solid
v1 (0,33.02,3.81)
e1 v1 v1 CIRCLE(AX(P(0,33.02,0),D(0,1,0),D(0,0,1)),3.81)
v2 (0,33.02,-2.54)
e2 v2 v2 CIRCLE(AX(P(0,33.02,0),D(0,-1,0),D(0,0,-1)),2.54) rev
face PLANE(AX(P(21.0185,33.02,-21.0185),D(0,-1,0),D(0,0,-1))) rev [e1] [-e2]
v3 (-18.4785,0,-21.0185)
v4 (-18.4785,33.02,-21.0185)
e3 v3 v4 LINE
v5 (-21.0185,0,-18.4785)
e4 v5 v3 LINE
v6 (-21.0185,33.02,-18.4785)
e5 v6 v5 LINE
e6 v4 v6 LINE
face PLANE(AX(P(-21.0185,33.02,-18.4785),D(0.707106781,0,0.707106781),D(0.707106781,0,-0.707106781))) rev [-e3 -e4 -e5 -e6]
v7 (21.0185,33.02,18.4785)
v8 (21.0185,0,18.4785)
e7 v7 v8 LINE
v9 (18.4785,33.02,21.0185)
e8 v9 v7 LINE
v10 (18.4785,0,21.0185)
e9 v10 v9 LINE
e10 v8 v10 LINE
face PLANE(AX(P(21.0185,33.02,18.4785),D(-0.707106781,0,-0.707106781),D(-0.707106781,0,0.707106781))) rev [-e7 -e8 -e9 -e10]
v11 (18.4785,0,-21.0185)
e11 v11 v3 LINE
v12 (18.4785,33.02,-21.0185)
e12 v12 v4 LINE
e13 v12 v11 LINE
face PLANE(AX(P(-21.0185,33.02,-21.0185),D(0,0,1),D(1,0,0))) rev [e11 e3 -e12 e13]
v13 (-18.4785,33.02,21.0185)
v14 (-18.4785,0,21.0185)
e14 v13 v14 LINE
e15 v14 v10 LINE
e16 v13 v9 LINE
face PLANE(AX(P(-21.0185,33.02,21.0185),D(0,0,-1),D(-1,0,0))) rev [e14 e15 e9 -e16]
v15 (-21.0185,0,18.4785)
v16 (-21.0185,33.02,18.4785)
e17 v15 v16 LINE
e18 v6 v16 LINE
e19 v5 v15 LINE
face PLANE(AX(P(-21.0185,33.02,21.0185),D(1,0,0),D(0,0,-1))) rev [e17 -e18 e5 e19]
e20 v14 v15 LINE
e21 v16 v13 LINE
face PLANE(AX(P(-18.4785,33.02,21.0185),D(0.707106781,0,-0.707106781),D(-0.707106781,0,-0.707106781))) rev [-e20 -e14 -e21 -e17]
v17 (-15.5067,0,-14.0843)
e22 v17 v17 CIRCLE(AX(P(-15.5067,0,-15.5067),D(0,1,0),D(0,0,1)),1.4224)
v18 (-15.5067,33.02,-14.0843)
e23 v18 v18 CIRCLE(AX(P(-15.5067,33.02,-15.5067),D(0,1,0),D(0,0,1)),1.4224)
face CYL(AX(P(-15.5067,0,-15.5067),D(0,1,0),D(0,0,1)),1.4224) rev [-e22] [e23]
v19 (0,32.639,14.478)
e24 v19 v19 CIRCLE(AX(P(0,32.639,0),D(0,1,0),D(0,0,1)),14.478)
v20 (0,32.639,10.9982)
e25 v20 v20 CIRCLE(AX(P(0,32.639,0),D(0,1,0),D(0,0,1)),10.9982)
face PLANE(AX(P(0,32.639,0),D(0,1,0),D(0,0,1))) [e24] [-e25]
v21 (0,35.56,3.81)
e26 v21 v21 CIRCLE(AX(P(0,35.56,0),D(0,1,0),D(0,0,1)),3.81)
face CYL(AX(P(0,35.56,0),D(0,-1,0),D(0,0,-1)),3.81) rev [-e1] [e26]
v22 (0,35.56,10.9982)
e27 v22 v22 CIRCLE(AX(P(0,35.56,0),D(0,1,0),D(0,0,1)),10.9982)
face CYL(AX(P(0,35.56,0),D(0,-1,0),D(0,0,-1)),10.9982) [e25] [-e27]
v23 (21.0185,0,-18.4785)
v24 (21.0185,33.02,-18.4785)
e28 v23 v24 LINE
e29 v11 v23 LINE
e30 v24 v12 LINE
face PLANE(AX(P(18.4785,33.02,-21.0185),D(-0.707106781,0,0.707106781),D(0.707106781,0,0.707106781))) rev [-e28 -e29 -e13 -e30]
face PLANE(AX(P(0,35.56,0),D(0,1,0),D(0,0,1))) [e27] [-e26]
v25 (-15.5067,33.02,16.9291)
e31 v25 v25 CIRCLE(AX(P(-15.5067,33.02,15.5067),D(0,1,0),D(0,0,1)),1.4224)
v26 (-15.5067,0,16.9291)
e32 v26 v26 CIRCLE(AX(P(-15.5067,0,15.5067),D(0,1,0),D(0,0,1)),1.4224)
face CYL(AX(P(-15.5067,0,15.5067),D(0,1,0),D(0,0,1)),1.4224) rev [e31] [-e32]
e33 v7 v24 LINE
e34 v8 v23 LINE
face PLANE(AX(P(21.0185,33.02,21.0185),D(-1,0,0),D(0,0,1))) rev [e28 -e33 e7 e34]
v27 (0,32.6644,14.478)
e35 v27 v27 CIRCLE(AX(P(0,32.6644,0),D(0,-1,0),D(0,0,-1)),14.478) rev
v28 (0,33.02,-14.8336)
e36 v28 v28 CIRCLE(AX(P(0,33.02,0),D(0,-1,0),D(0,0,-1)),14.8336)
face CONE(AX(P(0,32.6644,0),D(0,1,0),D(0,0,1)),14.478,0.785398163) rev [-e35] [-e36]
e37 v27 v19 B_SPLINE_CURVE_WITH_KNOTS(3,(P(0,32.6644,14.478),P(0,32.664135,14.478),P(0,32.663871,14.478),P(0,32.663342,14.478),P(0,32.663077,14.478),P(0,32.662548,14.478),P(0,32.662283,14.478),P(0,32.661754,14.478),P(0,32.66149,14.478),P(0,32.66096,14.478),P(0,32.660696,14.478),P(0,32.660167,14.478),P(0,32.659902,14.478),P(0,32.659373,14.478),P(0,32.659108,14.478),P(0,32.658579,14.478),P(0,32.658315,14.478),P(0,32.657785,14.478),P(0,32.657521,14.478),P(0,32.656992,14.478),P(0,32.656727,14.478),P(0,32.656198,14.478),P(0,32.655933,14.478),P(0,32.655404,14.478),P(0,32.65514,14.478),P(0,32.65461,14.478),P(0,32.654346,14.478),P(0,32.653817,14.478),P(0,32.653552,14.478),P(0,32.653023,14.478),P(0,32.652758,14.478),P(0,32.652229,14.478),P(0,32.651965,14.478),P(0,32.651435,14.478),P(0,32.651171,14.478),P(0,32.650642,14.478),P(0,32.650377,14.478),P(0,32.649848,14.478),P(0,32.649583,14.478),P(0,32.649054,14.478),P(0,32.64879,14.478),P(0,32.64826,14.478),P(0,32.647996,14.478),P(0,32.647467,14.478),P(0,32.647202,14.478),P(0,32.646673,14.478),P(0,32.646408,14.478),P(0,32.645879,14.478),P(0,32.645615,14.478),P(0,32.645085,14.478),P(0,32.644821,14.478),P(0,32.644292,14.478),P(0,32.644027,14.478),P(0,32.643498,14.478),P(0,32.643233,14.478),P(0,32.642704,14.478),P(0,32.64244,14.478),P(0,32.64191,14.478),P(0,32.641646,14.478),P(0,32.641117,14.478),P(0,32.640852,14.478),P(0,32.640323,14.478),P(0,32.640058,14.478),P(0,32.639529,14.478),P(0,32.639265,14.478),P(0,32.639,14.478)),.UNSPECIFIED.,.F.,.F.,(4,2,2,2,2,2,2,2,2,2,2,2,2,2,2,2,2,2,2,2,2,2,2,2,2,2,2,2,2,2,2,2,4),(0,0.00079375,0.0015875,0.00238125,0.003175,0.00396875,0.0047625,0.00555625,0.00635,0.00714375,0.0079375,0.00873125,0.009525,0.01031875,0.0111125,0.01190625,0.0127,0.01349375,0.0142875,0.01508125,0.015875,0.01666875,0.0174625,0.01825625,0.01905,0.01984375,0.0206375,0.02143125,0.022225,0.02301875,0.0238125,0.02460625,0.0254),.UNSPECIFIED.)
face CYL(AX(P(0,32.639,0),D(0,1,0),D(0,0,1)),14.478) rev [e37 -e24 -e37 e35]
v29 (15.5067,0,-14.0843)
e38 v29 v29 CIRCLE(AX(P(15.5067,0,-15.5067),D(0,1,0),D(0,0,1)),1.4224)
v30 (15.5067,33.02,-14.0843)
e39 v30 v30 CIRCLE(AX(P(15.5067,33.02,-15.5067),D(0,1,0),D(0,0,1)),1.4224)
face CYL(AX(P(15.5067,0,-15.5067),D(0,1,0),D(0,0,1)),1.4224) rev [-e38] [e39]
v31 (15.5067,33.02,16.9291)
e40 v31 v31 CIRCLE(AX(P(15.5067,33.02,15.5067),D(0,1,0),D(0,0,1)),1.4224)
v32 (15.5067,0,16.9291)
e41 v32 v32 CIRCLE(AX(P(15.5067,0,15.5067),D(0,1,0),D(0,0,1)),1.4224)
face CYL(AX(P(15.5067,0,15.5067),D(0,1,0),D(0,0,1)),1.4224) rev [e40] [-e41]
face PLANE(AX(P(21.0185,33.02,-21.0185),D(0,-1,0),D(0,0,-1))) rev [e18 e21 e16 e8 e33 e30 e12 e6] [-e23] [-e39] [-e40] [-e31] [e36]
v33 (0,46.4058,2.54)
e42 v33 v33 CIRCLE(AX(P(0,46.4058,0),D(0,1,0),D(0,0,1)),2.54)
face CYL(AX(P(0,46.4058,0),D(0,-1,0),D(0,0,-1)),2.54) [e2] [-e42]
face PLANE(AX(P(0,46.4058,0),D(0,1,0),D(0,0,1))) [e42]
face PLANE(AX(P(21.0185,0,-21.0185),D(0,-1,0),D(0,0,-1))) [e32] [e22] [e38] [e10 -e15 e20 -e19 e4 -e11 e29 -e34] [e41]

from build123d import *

# Parameters (mm, degrees)
SKETCH1_W           = 42.037
SKETCH1_H           = 42.037
BOSS_EXTRUDE1_DEPTH = 33.02
CHAMFER1_SIZE       = 2.54
SKETCH2_R           = 10.9982
SKETCH2_R_2         = 3.81
BOSS_EXTRUDE2_DEPTH = 2.54
CUT_EXTRUDE1_START  = -0.381
SKETCH3_R           = 14.478
SKETCH3_R_2         = 10.9982
CUT_EXTRUDE1_DEPTH  = 0.381
CHAMFER2_SIZE       = 0.3556
SKETCH4_R           = 2.54
BOSS_EXTRUDE3_DEPTH = 13.3858
SKETCH5_R           = 1.4224
CUT_EXTRUDE2_DEPTH  = 45.428313996


with BuildPart() as part:
    # Sketch1 → Boss-Extrude1 (new body)
    with BuildSketch(Plane(origin=(0, 0, 0), x_dir=(1, 0, 0), z_dir=(0, 1, 0))):
        Rectangle(SKETCH1_W, SKETCH1_H)
    extrude(amount=BOSS_EXTRUDE1_DEPTH)

    # Chamfer1
    chamfer1_edges = [part.edges().sort_by_distance(p)[0] for p in [
        (21.0185, 16.51, 21.0185),
        (-21.0185, 16.51, 21.0185),
        (-21.0185, 16.51, -21.0185),
        (21.0185, 16.51, -21.0185),
    ]]
    chamfer(chamfer1_edges, length=CHAMFER1_SIZE)

    # Sketch2 → Boss-Extrude2 (add)
    with BuildSketch(Plane(origin=(0, 33.02, 0), x_dir=(1, 0, 0), z_dir=(0, 1, 0))):
        with Locations(Location((0, 0, 0), (0, 0, 90))):
            Circle(SKETCH2_R)
        with Locations(Location((0, 0, 0), (0, 0, 270))):
            Circle(SKETCH2_R_2, mode=Mode.SUBTRACT)
    extrude(amount=BOSS_EXTRUDE2_DEPTH)

    # Sketch3 → Cut-Extrude1 (cut)
    with BuildSketch(Plane(origin=(0, 33.02, 0), x_dir=(1, 0, 0), z_dir=(0, 1, 0)).offset(CUT_EXTRUDE1_START)):
        with Locations(Location((0, 0, 0), (0, 0, 270))):
            Circle(SKETCH3_R)
        with Locations(Location((0, 0, 0), (0, 0, 270))):
            Circle(SKETCH3_R_2, mode=Mode.SUBTRACT)
    extrude(amount=CUT_EXTRUDE1_DEPTH, mode=Mode.SUBTRACT)

    # Chamfer2
    chamfer2_edges = [part.edges().sort_by_distance(p)[0] for p in [
        (0, 33.02, -14.478),
    ]]
    chamfer(chamfer2_edges, length=CHAMFER2_SIZE)

    # Sketch4 → Boss-Extrude3 (add)
    with BuildSketch(Plane(origin=(0, 33.02, 0), x_dir=(1, 0, 0), z_dir=(0, 1, 0))):
        with Locations(Location((0, 0, 0), (0, 0, 90))):
            Circle(SKETCH4_R)
    extrude(amount=BOSS_EXTRUDE3_DEPTH)

    # Sketch5 → Cut-Extrude2 (cut, through all)
    with BuildSketch(Plane(origin=(0, 33.02, 0), x_dir=(1, 0, 0), z_dir=(0, 1, 0))):
        with Locations(Location((-15.5067, 15.5067, 0), (0, 0, 270))):
            Circle(SKETCH5_R)
        with Locations(Location((15.5067, 15.5067, 0), (0, 0, 270))):
            Circle(SKETCH5_R)
        with Locations(Location((-15.5067, -15.5067, 0), (0, 0, 270))):
            Circle(SKETCH5_R)
        with Locations(Location((15.5067, -15.5067, 0), (0, 0, 270))):
            Circle(SKETCH5_R)
    extrude(amount=-CUT_EXTRUDE2_DEPTH, mode=Mode.SUBTRACT)


solid = part.part
